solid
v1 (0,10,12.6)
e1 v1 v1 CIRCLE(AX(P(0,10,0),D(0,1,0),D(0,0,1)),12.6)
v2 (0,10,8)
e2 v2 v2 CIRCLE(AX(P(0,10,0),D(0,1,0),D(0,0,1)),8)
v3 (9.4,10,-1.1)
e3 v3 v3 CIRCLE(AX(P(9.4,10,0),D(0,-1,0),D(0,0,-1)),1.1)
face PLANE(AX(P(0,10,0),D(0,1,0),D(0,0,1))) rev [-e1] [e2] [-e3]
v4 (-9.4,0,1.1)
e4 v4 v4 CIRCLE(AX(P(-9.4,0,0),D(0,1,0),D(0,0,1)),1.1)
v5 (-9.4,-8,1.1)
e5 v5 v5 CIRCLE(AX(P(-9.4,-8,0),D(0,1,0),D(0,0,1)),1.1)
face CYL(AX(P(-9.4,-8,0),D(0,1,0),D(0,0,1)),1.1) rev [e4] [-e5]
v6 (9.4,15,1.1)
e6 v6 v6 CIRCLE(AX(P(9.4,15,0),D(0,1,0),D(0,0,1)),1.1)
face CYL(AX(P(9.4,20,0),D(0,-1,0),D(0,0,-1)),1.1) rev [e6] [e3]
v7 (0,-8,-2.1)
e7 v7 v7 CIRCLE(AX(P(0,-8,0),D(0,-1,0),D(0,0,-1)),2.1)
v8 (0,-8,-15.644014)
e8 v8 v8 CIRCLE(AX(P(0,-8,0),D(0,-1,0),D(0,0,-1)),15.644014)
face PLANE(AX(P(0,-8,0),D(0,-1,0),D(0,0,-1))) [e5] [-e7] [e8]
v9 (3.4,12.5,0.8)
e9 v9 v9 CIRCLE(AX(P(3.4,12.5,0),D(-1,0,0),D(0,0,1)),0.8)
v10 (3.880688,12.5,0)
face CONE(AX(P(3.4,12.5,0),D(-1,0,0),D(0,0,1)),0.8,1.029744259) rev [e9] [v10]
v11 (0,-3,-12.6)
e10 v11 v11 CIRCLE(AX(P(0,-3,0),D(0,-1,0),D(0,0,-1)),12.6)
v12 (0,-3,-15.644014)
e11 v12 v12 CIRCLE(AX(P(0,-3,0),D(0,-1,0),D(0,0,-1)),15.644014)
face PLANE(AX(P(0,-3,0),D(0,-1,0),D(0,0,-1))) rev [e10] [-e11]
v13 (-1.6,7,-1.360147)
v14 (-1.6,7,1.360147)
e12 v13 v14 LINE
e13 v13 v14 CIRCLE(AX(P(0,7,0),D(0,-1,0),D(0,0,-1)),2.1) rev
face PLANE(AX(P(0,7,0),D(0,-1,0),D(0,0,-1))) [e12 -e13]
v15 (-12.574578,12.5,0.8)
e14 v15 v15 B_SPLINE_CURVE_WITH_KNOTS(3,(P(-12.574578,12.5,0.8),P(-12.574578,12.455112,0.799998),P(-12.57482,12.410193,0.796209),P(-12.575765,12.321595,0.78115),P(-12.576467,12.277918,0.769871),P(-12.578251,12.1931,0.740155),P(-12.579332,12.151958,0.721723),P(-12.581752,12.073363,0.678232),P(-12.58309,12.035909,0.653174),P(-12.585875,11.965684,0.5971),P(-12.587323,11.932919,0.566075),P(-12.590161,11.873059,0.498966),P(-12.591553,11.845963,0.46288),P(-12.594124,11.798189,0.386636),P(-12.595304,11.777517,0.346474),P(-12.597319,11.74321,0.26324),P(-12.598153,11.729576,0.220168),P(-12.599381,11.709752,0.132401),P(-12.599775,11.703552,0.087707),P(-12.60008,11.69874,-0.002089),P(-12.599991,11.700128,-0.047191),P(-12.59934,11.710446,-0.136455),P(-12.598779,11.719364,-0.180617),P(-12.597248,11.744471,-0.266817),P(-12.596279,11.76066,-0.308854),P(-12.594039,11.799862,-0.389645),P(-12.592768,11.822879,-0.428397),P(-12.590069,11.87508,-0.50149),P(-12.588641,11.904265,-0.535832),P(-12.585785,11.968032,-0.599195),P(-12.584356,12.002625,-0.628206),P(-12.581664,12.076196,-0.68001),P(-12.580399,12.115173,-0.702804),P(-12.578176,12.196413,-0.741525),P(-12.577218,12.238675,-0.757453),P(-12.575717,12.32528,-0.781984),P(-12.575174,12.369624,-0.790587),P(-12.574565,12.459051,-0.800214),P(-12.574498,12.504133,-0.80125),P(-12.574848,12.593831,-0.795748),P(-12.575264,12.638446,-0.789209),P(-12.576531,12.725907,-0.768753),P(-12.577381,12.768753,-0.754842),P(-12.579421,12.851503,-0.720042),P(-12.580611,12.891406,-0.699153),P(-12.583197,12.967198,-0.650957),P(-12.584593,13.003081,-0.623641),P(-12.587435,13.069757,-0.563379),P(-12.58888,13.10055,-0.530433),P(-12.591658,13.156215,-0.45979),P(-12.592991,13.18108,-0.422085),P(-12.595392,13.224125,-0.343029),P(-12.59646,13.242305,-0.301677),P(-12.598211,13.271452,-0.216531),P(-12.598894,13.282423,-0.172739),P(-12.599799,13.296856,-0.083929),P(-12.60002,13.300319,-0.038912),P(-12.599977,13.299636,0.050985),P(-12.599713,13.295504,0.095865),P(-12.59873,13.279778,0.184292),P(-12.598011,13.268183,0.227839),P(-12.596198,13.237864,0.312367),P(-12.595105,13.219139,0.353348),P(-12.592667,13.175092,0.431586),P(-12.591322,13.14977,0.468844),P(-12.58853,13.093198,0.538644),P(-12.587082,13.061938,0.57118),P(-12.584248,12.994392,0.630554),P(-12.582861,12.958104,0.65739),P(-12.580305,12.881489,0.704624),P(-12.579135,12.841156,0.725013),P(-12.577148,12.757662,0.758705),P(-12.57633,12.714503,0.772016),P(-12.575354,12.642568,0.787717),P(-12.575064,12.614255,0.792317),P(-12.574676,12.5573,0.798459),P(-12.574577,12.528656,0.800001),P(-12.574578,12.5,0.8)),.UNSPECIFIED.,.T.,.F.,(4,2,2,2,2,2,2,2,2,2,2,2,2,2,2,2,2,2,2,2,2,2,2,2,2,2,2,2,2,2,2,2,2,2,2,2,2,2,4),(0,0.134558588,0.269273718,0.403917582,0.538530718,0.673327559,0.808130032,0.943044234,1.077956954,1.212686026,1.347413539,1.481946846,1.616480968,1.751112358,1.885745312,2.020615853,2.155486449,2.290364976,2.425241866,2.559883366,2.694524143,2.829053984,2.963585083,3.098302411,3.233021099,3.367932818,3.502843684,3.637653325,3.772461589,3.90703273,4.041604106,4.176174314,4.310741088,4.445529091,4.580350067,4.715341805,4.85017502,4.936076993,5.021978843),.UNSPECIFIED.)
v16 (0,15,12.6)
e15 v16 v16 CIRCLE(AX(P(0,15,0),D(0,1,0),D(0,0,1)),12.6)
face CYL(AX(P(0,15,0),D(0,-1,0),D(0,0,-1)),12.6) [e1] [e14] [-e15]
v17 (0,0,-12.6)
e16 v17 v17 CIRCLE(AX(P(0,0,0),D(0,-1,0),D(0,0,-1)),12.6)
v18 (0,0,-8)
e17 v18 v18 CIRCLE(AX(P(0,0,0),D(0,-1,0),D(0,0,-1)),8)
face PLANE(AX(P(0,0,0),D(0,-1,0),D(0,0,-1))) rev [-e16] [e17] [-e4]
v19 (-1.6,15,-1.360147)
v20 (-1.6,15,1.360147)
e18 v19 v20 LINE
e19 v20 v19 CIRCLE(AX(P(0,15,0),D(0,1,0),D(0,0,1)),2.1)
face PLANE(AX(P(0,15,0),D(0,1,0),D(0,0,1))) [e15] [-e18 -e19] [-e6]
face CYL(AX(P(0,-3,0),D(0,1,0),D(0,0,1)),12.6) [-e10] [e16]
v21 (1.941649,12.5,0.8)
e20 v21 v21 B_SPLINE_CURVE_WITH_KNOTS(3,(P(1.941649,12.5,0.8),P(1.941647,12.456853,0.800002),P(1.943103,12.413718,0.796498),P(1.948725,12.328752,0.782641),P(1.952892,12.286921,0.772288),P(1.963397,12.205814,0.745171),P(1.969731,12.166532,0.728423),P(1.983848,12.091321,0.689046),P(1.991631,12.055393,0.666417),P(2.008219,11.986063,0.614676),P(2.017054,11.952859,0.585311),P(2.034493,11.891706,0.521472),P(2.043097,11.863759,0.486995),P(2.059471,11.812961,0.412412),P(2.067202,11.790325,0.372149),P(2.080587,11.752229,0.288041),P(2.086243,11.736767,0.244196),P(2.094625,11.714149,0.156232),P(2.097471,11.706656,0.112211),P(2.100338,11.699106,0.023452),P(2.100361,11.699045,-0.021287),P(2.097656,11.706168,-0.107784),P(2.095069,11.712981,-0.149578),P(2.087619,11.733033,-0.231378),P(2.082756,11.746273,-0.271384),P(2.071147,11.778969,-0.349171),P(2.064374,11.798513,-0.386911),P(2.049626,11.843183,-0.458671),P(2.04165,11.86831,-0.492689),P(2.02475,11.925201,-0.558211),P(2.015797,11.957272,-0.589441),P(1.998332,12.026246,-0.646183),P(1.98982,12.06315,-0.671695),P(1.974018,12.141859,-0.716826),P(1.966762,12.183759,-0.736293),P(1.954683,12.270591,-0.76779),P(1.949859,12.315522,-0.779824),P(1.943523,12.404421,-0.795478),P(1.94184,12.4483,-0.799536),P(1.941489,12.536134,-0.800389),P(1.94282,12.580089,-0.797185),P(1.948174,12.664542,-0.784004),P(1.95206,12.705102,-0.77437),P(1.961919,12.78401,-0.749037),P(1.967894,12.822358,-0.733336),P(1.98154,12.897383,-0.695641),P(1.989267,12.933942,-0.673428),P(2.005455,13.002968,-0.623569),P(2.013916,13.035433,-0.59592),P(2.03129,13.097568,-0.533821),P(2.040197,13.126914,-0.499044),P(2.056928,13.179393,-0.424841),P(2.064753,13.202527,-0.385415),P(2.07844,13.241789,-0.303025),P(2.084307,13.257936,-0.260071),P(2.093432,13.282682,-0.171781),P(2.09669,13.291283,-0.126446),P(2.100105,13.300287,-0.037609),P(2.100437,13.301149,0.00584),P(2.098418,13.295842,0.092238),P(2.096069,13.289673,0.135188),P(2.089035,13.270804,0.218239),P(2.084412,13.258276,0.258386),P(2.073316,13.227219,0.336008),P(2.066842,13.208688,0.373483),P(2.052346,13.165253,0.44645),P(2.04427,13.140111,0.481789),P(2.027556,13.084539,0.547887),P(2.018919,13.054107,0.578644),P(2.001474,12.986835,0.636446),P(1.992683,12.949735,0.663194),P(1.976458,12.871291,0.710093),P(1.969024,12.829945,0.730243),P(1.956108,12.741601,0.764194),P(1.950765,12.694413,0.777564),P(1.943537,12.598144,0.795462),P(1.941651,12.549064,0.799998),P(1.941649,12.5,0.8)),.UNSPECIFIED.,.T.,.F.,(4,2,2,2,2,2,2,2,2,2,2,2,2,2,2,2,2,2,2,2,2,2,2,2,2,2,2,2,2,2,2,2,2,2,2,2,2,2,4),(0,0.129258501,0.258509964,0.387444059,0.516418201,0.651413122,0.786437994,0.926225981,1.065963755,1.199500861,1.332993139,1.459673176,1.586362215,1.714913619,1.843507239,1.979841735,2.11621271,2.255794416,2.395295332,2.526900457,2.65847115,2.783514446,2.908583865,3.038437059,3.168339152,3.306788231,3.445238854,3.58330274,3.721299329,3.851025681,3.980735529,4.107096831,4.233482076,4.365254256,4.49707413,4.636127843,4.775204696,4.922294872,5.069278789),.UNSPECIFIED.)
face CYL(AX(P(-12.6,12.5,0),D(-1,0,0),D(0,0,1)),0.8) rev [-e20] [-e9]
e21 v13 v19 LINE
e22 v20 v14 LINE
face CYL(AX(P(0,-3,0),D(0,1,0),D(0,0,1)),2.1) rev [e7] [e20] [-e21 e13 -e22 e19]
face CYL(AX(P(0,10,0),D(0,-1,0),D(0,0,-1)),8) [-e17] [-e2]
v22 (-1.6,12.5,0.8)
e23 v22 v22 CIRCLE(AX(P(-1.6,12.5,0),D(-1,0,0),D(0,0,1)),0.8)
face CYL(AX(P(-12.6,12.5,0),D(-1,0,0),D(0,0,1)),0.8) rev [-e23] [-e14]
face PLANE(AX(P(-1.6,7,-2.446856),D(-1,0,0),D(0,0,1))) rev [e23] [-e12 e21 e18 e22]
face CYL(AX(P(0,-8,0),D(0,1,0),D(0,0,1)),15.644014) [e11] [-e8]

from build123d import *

# Parameters (mm, degrees)
SKETCH1_R                       = 8
BOSS_EXTRUDE1_DEPTH             = 10
SKETCH2_R                       = 12.6
BOSS_EXTRUDE2_DEPTH             = 3
SKETCH4_R                       = 1.5
CUT_EXTRUDE4_DEPTH              = 13
SKETCH3_R                       = 12.6
BOSS_EXTRUDE4_DEPTH             = 5
SKETCH5_R                       = 2.1
CUT_EXTRUDE5_DEPTH              = 19
SKETCH6_W                       = 1
SKETCH6_H                       = 4.89371283
BOSS_EXTRUDE5_DEPTH             = 8
TAP_DRILL_FOR_M2X0_4_TAP1_D     = 1.6
TAP_DRILL_FOR_M2X0_4_TAP1_DEPTH = 16
TAP_DRILL_FOR_M2X0_4_TAP1_TIP   = 0.480688495
SKETCH16_R                      = 15.644014
BOSS_EXTRUDE6_DEPTH             = 5
SKETCH17_R                      = 2.1
CUT_EXTRUDE6_DEPTH              = 5
SKETCH18_R                      = 1.1
CUT_EXTRUDE9_DEPTH              = 9.0000001
SKETCH19_R                      = 1.1
CUT_EXTRUDE10_DEPTH             = 10


with BuildPart() as part:
    # Sketch1 → Boss-Extrude1 (new body)
    with BuildSketch(Plane(origin=(0, 0, 0), x_dir=(1, 0, 0), z_dir=(0, 1, 0))):
        Circle(SKETCH1_R)
    extrude(amount=BOSS_EXTRUDE1_DEPTH)

    # Sketch2 → Boss-Extrude2 (add)
    with BuildSketch(Plane.XZ):
        Circle(SKETCH2_R)
    extrude(amount=BOSS_EXTRUDE2_DEPTH)

    # Sketch4 → Cut-Extrude4 (cut)
    with BuildSketch(Plane(origin=(0, 10, 0), x_dir=(1, 0, 0), z_dir=(0, 1, 0))):
        Circle(SKETCH4_R)
    extrude(amount=-CUT_EXTRUDE4_DEPTH, mode=Mode.SUBTRACT)

    # Sketch3 → Boss-Extrude4 (add)
    with BuildSketch(Plane(origin=(0, 10, 0), x_dir=(1, 0, 0), z_dir=(0, 1, 0))):
        Circle(SKETCH3_R)
    extrude(amount=BOSS_EXTRUDE4_DEPTH)

    # Sketch5 → Cut-Extrude5 (cut, through all)
    with BuildSketch(Plane(origin=(0, 15, 0), x_dir=(1, 0, 0), z_dir=(0, 1, 0))):
        Circle(SKETCH5_R)
    extrude(amount=-CUT_EXTRUDE5_DEPTH, mode=Mode.SUBTRACT)

    # Sketch6 → Boss-Extrude5 (add)
    with BuildSketch(Plane(origin=(0, 15, 0), x_dir=(1, 0, 0), z_dir=(0, 1, 0))):
        with Locations((-2.1, 0)):
            Rectangle(SKETCH6_W, SKETCH6_H)
    extrude(amount=-BOSS_EXTRUDE5_DEPTH)

    # Tap Drill for M2x0.4 Tap1
    with Locations(Plane.ZY.offset(12.6)):
        with Locations((0, 12.5)):
            Hole(TAP_DRILL_FOR_M2X0_4_TAP1_D / 2, depth=TAP_DRILL_FOR_M2X0_4_TAP1_DEPTH)
            with Locations((0, 0, -(TAP_DRILL_FOR_M2X0_4_TAP1_DEPTH + TAP_DRILL_FOR_M2X0_4_TAP1_TIP / 2))):  # 118° drill point
                Cone(0, TAP_DRILL_FOR_M2X0_4_TAP1_D / 2, TAP_DRILL_FOR_M2X0_4_TAP1_TIP, mode=Mode.SUBTRACT)

    # Sketch16 → Boss-Extrude6 (add)
    with BuildSketch(Plane(origin=(0, -3, 0), x_dir=(-1, 0, 0), z_dir=(0, -1, 0))):
        Circle(SKETCH16_R)
    extrude(amount=BOSS_EXTRUDE6_DEPTH)

    # Sketch17 → Cut-Extrude6 (cut)
    with BuildSketch(Plane(origin=(0, -8, 0), x_dir=(-1, 0, 0), z_dir=(0, -1, 0))):
        Circle(SKETCH17_R)
    extrude(amount=-CUT_EXTRUDE6_DEPTH, mode=Mode.SUBTRACT)

    # Sketch18 → Cut-Extrude9 (cut, through all)
    with BuildSketch(Plane(origin=(0, 0, 0), x_dir=(1, 0, 0), z_dir=(0, 1, 0))):
        with Locations((-9.4, 0)):
            Circle(SKETCH18_R)
    extrude(amount=-CUT_EXTRUDE9_DEPTH, mode=Mode.SUBTRACT)

    # Sketch19 → Cut-Extrude10 (cut)
    with BuildSketch(Plane(origin=(0, 10, 0), x_dir=(-1, 0, 0), z_dir=(0, -1, 0))):
        with Locations((-9.4, 0)):
            Circle(SKETCH19_R)
    extrude(amount=-CUT_EXTRUDE10_DEPTH, mode=Mode.SUBTRACT)


solid = part.part
